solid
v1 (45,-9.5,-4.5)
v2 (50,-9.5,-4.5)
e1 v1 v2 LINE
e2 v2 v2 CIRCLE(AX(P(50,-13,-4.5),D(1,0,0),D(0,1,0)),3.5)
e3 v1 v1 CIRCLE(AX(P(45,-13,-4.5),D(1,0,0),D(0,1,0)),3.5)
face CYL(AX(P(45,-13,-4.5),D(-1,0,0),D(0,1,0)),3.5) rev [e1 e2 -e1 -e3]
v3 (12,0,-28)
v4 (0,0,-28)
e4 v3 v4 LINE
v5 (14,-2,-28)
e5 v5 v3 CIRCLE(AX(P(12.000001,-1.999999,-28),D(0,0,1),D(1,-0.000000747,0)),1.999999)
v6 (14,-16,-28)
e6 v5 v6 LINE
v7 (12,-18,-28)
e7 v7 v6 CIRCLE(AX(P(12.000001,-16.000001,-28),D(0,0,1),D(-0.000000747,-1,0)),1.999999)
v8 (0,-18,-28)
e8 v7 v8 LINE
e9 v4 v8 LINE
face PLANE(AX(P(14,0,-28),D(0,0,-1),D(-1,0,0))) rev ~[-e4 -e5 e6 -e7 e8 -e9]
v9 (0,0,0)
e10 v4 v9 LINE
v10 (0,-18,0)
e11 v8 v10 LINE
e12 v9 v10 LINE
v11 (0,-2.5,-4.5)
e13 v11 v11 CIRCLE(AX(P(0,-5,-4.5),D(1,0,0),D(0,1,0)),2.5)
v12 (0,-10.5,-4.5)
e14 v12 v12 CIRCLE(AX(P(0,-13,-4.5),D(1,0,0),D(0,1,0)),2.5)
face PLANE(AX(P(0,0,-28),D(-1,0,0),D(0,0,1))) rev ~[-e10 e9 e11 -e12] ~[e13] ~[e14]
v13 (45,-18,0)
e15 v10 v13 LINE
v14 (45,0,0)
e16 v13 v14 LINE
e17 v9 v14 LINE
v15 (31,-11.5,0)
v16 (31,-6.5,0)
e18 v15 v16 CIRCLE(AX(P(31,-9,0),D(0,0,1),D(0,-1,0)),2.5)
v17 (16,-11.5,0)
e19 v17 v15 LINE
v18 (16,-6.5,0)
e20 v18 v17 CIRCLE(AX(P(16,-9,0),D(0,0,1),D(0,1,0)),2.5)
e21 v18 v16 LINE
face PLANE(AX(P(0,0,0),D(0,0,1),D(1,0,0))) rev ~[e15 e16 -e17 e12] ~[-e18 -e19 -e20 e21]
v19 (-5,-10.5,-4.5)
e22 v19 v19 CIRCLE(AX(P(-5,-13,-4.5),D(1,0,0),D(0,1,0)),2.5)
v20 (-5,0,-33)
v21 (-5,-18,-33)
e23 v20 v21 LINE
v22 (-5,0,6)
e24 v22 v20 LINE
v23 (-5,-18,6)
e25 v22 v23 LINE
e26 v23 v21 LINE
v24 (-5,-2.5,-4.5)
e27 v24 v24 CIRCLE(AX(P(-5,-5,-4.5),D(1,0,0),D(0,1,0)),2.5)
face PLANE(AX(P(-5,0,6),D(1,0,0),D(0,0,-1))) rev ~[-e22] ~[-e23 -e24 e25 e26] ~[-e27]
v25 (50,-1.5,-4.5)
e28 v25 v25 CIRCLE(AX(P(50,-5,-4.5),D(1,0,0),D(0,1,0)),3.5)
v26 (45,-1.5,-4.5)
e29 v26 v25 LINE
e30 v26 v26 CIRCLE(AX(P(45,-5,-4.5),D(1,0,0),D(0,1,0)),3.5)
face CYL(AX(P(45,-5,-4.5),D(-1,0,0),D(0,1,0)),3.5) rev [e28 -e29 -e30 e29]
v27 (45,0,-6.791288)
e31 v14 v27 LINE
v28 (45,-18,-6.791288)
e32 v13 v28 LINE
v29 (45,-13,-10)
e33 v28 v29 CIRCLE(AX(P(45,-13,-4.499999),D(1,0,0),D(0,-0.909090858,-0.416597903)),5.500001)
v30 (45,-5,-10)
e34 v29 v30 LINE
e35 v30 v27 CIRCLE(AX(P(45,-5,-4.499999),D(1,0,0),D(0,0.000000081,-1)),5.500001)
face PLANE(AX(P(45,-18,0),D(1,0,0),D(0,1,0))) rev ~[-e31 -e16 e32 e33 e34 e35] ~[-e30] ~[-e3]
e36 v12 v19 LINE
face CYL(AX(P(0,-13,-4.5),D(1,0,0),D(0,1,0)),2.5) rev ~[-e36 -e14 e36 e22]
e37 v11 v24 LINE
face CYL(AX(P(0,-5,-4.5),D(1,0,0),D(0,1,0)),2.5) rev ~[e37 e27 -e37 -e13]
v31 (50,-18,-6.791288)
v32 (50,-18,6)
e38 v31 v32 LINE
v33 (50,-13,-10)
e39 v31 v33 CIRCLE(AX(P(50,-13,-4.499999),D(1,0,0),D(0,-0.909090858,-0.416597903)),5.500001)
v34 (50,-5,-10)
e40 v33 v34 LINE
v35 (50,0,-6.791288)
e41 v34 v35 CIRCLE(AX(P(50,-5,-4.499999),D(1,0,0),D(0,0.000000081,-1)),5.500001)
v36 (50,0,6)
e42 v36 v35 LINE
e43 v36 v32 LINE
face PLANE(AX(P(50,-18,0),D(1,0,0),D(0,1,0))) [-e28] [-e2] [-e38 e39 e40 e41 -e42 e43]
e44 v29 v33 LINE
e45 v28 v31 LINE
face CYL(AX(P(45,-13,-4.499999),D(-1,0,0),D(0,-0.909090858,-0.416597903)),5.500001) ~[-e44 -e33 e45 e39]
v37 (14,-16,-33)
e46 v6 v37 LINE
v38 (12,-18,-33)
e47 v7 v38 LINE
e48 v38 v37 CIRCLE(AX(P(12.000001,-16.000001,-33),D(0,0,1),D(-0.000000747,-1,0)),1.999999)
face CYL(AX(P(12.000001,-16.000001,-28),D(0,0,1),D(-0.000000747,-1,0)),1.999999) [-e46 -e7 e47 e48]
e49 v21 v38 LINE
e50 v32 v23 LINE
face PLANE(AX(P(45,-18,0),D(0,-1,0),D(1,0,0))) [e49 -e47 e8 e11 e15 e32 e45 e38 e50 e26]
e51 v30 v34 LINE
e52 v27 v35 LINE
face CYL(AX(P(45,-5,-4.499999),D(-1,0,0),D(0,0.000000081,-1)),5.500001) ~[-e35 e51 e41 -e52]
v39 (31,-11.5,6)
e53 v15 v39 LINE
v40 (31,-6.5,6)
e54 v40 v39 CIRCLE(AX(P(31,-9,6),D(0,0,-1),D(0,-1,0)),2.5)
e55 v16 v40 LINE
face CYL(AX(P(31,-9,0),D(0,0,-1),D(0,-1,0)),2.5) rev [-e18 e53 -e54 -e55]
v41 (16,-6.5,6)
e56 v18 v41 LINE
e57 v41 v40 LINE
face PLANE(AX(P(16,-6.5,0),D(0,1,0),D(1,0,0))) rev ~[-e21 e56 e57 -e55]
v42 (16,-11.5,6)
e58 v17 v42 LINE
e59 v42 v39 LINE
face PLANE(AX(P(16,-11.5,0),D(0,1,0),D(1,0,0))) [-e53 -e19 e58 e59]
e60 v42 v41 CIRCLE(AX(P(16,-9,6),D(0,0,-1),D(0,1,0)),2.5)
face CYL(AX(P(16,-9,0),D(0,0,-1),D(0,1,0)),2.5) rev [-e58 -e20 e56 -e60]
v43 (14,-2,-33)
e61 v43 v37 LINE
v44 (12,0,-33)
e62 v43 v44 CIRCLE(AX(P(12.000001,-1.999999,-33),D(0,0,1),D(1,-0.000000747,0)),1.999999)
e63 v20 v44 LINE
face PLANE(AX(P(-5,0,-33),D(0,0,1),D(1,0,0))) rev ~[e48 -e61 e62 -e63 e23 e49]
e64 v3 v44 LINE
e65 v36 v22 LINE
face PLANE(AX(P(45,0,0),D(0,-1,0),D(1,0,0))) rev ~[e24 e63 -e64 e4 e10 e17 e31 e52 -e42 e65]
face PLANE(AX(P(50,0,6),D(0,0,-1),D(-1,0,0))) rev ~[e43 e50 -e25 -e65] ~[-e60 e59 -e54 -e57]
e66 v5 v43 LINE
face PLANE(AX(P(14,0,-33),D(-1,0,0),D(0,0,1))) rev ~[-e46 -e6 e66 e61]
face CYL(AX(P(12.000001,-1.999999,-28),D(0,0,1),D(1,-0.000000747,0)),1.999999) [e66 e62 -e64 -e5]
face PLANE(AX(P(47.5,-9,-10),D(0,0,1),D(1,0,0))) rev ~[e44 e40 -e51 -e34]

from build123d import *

# Parameters (mm, degrees)
PAD004_DEPTH    = 18
POCKET001_DEPTH = 6.001
SKETCH009_R     = 2.5
POCKET002_DEPTH = 5.001
SKETCH020_W     = 5
SKETCH020_H     = 18
PAD011_DEPTH    = 10
SKETCH021_R     = 3.5
POCKET007_DEPTH = 5
POCKET008_DEPTH = 5
POCKET009_DEPTH = 5


with BuildPart() as part:
    # Sketch007 → Pad004 (new body)
    with BuildSketch(Plane.XZ):
        Polygon((0, 0), (45, 0), (50, 0), (50, 6), (-5, 6), (-5, -33), (14, -33), (14, -28), (0, -28), align=None)
    extrude(amount=PAD004_DEPTH)

    # Sketch008 → Pocket001 (cut, through all)
    with BuildSketch(Plane.XY):
        with BuildLine():
            ThreePointArc((16, -6.5), (13.5, -9), (16, -11.5))
            Line((16, -11.5), (31, -11.5))
            ThreePointArc((31, -11.5), (33.5, -9), (31, -6.5))
            Line((16, -6.5), (31, -6.5))
        make_face()
    extrude(amount=POCKET001_DEPTH, mode=Mode.SUBTRACT)

    # Sketch009 → Pocket002 (cut, through all)
    with BuildSketch(Plane.YZ):
        with Locations((-5, -4.5)):
            Circle(SKETCH009_R)
        with Locations((-13, -4.5)):
            Circle(SKETCH009_R)
    extrude(amount=-POCKET002_DEPTH, mode=Mode.SUBTRACT)

    # Sketch020 → Pad011 (join)
    with BuildSketch(Plane.XY):
        with Locations((47.5, -9)):
            Rectangle(SKETCH020_W, SKETCH020_H)
    extrude(amount=-PAD011_DEPTH)

    # Sketch021 → Pocket007 (cut)
    with BuildSketch(Plane.YZ.offset(45)):
        with Locations((-13, -4.5)):
            Circle(SKETCH021_R)
        with Locations((-5, -4.5)):
            Circle(SKETCH021_R)
    extrude(amount=POCKET007_DEPTH, mode=Mode.SUBTRACT)

    # Sketch022 → Pocket008 (cut)
    with BuildSketch(Plane.YZ.offset(45)):
        with BuildLine():
            ThreePointArc((-18, -6.791288), (-15.970515, -9.128827), (-13, -10))
            Line((-18, -10), (-13, -10))
            Line((-18, -6.791288), (-18, -10))
        make_face()
        with BuildLine():
            Line((0, -10), (0, -6.791288))
            ThreePointArc((-5, -10), (-2.029485, -9.128827), (0, -6.791288))
            Line((-5, -10), (0, -10))
        make_face()
    extrude(amount=POCKET008_DEPTH, mode=Mode.SUBTRACT)

    # Sketch023 → Pocket009 (cut)
    with BuildSketch(Plane.XY.offset(-28)):
        with BuildLine():
            ThreePointArc((12, -18), (13.414214, -17.414214), (14, -16))
            Line((14, -18), (14, -16))
            Line((12, -18), (14, -18))
        make_face()
        with BuildLine():
            ThreePointArc((14, -2), (13.414214, -0.585786), (12, 0))
            Line((14, 0), (12, 0))
            Line((14, -2), (14, 0))
        make_face()
    extrude(amount=-POCKET009_DEPTH, mode=Mode.SUBTRACT)


solid = part.part
